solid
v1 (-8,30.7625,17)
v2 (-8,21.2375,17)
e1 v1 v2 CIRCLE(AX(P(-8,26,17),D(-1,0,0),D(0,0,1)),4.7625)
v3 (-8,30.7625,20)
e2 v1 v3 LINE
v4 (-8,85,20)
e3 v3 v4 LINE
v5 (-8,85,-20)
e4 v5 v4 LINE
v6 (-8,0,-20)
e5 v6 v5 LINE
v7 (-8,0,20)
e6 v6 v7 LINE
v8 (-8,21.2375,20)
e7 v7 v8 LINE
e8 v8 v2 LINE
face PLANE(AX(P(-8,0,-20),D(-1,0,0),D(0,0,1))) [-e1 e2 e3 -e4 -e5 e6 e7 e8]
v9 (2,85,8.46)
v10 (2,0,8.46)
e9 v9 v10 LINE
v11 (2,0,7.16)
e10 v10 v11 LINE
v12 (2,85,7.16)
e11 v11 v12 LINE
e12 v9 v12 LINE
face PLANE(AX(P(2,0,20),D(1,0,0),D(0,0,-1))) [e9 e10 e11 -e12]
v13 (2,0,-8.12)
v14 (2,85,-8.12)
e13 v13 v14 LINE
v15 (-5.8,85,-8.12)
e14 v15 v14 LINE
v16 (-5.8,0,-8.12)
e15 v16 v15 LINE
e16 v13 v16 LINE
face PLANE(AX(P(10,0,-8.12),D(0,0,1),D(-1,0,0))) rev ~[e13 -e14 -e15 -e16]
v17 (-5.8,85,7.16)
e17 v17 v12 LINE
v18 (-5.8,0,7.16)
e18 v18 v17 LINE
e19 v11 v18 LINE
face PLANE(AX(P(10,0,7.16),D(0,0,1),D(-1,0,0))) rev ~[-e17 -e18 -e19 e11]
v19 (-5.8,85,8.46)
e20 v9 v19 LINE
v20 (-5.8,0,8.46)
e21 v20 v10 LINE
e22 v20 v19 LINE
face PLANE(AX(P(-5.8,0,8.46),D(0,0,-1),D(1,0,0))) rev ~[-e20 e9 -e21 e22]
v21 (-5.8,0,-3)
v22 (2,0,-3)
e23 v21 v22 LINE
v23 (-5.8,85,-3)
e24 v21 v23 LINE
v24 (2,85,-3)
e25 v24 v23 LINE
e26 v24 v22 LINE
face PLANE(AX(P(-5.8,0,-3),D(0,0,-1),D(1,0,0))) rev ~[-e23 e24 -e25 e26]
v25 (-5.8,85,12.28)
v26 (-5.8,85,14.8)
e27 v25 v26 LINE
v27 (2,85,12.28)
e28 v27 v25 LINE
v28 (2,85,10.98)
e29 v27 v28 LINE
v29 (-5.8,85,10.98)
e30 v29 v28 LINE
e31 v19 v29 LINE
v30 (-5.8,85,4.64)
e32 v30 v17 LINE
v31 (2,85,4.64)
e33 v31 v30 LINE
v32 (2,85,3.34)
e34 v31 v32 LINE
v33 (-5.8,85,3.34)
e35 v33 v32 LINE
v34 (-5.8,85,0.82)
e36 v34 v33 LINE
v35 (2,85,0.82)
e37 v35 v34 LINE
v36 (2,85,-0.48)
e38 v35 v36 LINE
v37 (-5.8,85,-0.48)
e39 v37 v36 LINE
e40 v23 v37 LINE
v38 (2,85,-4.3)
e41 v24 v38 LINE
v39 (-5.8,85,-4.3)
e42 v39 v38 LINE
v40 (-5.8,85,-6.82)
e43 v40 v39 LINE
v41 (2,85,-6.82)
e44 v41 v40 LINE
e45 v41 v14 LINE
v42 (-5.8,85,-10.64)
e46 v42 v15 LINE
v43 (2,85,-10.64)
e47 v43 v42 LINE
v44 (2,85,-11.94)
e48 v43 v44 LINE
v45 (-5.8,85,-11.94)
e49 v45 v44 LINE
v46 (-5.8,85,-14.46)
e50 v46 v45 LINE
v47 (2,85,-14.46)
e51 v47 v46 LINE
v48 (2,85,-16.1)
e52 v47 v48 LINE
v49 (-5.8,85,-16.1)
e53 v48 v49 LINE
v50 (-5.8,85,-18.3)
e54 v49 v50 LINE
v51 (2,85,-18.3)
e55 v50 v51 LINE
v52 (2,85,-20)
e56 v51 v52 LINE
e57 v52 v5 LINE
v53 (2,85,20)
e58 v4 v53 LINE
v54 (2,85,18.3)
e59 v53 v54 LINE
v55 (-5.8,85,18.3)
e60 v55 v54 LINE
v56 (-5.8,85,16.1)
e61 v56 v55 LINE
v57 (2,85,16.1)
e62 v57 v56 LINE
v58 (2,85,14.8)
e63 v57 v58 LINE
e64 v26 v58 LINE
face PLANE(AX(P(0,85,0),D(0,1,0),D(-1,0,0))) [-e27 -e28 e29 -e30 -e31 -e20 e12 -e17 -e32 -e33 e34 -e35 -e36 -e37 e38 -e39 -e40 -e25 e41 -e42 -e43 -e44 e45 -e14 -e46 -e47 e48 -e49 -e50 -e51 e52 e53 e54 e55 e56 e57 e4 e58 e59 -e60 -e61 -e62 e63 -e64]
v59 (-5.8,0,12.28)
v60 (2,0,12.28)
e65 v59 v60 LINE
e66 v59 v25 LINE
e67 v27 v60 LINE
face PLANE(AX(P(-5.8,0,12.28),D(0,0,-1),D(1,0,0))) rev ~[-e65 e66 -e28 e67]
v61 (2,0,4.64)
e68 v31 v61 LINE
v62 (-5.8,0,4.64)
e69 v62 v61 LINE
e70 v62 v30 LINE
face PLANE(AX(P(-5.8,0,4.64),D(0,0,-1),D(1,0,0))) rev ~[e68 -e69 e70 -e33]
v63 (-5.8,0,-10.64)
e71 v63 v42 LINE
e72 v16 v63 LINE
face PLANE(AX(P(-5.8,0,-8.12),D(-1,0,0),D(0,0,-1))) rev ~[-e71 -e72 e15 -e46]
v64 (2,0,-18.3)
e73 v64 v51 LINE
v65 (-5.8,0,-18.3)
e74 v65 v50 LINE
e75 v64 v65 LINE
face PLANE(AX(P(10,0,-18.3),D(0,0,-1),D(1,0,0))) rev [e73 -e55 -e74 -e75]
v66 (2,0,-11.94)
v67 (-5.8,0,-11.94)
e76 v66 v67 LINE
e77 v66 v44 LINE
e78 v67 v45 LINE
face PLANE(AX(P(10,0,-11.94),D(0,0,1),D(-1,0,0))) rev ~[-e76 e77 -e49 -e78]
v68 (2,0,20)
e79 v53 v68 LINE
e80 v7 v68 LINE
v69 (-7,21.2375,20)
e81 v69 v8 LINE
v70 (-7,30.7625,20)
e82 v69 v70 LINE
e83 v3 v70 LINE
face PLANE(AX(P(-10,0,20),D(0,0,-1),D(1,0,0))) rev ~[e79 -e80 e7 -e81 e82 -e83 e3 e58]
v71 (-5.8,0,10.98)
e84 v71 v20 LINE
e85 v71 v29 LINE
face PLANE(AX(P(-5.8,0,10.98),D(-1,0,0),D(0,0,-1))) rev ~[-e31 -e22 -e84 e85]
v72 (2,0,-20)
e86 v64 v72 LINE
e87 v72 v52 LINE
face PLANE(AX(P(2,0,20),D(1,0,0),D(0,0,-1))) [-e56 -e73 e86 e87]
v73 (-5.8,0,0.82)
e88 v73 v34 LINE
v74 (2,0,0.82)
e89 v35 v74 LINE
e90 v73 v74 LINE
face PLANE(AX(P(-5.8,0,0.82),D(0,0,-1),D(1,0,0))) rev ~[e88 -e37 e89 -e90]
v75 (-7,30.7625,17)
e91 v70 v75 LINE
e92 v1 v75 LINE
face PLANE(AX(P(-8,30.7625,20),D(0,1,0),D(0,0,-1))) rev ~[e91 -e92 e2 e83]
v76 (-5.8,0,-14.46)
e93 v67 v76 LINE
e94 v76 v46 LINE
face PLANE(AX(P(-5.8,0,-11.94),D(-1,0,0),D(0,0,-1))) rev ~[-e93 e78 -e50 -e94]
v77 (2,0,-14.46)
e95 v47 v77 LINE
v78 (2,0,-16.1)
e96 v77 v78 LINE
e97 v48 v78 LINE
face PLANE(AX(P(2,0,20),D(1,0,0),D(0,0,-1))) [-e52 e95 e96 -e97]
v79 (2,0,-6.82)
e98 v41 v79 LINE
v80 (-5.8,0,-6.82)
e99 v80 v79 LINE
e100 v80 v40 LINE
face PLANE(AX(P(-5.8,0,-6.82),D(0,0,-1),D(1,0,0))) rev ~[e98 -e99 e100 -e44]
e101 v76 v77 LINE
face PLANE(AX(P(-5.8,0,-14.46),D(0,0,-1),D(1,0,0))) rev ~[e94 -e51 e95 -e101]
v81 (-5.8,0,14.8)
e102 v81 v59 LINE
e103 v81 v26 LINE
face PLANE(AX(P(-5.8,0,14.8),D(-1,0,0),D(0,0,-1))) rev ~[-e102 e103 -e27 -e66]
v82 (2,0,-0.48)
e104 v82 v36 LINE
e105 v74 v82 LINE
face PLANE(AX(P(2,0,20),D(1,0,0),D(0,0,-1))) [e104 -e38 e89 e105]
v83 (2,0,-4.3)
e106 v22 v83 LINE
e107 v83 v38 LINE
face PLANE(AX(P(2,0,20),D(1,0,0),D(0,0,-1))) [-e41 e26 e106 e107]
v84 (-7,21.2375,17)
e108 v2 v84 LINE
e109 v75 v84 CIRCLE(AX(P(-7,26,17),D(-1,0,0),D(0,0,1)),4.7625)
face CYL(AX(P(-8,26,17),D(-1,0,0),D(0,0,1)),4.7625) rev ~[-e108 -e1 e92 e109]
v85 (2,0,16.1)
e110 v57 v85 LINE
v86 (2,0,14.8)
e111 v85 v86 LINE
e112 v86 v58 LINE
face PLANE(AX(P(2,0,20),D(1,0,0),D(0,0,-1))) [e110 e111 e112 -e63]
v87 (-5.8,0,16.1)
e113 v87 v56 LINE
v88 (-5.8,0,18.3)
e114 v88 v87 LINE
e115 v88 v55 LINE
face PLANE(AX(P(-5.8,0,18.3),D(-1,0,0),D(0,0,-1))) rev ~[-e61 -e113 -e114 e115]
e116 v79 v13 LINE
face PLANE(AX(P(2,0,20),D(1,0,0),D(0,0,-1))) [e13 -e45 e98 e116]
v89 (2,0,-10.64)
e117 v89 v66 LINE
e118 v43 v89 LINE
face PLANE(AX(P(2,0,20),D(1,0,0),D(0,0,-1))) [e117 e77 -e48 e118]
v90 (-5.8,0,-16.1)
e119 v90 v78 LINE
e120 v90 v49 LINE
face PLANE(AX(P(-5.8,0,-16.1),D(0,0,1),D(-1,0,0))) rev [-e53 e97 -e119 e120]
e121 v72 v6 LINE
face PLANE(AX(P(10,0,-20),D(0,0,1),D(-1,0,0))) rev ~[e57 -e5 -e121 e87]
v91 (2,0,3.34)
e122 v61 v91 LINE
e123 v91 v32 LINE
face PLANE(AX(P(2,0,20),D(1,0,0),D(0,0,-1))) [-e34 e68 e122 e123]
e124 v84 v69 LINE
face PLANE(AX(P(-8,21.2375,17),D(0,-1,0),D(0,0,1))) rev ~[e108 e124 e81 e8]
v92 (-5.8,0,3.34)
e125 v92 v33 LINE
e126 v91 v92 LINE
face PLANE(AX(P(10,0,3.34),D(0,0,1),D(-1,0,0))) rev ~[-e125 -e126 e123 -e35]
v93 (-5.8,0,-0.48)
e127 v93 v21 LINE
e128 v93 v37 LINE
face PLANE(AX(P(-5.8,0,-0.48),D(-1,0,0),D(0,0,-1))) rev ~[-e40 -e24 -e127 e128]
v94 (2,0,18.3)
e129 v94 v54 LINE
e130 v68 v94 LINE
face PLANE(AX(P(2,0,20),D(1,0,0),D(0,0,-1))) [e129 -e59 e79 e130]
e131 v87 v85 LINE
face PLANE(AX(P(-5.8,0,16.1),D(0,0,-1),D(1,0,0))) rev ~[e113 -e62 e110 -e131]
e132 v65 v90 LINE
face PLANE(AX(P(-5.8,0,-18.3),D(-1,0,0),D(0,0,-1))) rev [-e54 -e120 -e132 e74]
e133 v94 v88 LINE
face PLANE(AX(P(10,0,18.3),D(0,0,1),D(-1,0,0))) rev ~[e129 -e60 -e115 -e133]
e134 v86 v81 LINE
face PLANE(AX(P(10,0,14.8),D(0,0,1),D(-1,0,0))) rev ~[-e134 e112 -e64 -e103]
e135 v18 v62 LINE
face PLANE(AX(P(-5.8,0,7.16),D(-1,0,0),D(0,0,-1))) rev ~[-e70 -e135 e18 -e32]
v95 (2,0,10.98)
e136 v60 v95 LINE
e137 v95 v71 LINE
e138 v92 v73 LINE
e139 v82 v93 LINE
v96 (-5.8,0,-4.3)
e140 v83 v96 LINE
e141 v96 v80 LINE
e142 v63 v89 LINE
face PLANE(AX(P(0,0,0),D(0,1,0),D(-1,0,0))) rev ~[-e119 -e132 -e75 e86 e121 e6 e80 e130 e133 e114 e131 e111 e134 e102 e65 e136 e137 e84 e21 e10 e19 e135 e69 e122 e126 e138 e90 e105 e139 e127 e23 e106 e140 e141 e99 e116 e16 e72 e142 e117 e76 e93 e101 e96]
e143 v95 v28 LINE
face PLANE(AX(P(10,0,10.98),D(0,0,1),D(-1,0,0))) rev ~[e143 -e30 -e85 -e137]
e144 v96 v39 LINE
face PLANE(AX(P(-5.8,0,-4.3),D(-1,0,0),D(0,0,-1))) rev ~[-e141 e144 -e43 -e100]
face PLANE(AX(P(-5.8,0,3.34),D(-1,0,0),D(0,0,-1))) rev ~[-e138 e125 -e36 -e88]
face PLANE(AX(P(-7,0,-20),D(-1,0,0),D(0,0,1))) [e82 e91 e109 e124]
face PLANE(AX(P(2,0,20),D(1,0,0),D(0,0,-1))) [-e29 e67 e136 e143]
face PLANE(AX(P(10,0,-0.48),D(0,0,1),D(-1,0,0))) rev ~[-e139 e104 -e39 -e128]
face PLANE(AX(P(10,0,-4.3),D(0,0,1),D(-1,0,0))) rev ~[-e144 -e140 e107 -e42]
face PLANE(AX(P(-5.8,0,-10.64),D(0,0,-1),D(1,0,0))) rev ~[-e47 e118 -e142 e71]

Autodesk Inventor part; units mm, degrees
ref_plane "YZ Plane" through (0, 0, 0) normal (1, 0, 0) x (0, 1, 0)
ref_plane "XZ Plane" through (0, 0, 0) normal (0, 1, 0) x (-1, 0, 0)
ref_plane "XY Plane" through (0, 0, 0) normal (0, 0, 1) x (1, 0, 0)
sketch "Sketch1" plane through (0, 0, 0) normal (0, 1, 0) x (-1, 0, 0)
  line L0 (-10, -20) -> (10, -20)
  line L1 (10, -20) -> (10, 20)
  line L2 (10, 20) -> (-10, 20)
  line L3 (-10, 20) -> (-10, -20)
  line L4 (-10, -20) -> (10, 20) construction
  line L5 (10, -20) -> (-10, 20) construction
  point P0 (0, 0)
  dimension "d0" = 20
  dimension "d1" = 40
extrude "Extrusion1" add sketch "Sketch1" along normal blind 85
sketch "Sketch2" plane through (0, 0, 0) normal (0, -1, 0) x (1, 0, 0)
  line L0 (10, -20) -> (-10, -20) projected
  line L1 (10, 20) -> (10, -20) projected
  line L2 (-10, 20) -> (10, 20) projected
  line L3 (-10, -20) -> (-10, 20) projected
  line L4 (10, 20) -> (10, -20) projected
  line L5 (10, 18.3) -> (-5.8, 18.3)
  line L6 (-5.8, 18.3) -> (-5.8, 16.1)
  line L7 (-5.8, 16.1) -> (10, 16.1)
  line L8 (10, 16.1) -> (10, 18.3)
  point P0 (0, 0)
  dimension "d4" = 1.7
  dimension "d5" = 4.2
  dimension "d6" = 2.2
extrude "Extrusion2" cut sketch "Sketch2" against normal through all contours L7 L6 L5 L1
mirror "Mirror1" about plane through (0, 0, 0) normal (0, 0, 1) of "Extrusion2"
sketch "Sketch3" plane through (0, 0, 0) normal (0, -1, 0) x (1, 0, 0)
  line L0 (-5.8, -16.1) -> (10, -16.1) projected
  line L1 (10, 16.1) -> (10, -16.1) projected
  line L2 (10, 16.1) -> (-5.8, 16.1) projected
  line L3 (-5.8, 16.1) -> (-5.8, 18.3) projected
  line L4 (-5.8, 18.3) -> (10, 18.3) projected
  line L5 (10, 20) -> (10, 18.3) projected
  line L6 (-10, 20) -> (10, 20) projected
  line L7 (-10, -20) -> (-10, 20) projected
  line L8 (10, -20) -> (-10, -20) projected
  line L9 (10, -18.3) -> (10, -20) projected
  line L10 (10, -18.3) -> (-5.8, -18.3) projected
  line L11 (-5.8, -18.3) -> (-5.8, -16.1) projected
  line L12 (10, 14.8) -> (-5.8, 14.8)
  line L13 (-5.8, 14.8) -> (-5.8, 12.28)
  line L14 (-5.8, 12.28) -> (10, 12.28)
  line L15 (10, 12.28) -> (10, 14.8)
  point P0 (0, 0)
  dimension "d9" = 1.3
  dimension "d10" = 2.52
extrude "Extrusion3" cut sketch "Sketch3" against normal through all contours L14 L13 L12 L1
pattern_linear "Rectangular Pattern1" count 8 spacing 3.82 along (0, 0, -1) of "Extrusion3"
sketch "Sketch4" plane through (-10, 0, -20) normal (-1, 0, 0) x (0, 0, 1)
  line L0 (0, 0) -> (40, 0) projected
  line L1 (40, 0) -> (40, 85) projected
  line L2 (0, 85) -> (40, 85) projected
  line L3 (0, 0) -> (0, 85) projected
  point P0 (20, 0)
extrude "Extrusion4" cut sketch "Sketch4" against normal blind 2
sketch "Sketch5" plane through (10, 0, 20) normal (1, 0, 0) x (0, 0, -1)
  line L0 (-7.9901, -7.3422) -> (53.3048, -7.3422)
  line L1 (53.3048, -7.3422) -> (53.3048, 101.8937)
  line L2 (53.3048, 101.8937) -> (-7.9901, 101.8937)
  line L3 (-7.9901, 101.8937) -> (-7.9901, -7.3422)
  point P0 (20, 0)
extrude "Extrusion5" cut sketch "Sketch5" against normal blind 8
sketch "Sketch7" plane through (-8, 0, -20) normal (-1, 0, 0) x (0, 0, 1)
  circle A0 centre (37, 26) radius 4.7625
  line L0 (40, 85) -> (40, 0) projected
  line L1 (40, 0) -> (0, 0) projected
  line L2 (37, 21.2375) -> (47, 21.2375)
  line L3 (47, 21.2375) -> (47, 30.7625)
  line L4 (47, 30.7625) -> (37, 30.7625)
  line L5 (37, 30.7625) -> (37, 21.2375)
  point P0 (20, 0)
  dimension "d24" = 9.525
  dimension "d25" = 3
  dimension "d26" = 26
  dimension "d29" = 10
extrude "Extrusion7" cut sketch "Sketch7" against normal blind 1
properties part number "Ultra96_Heatsink"
